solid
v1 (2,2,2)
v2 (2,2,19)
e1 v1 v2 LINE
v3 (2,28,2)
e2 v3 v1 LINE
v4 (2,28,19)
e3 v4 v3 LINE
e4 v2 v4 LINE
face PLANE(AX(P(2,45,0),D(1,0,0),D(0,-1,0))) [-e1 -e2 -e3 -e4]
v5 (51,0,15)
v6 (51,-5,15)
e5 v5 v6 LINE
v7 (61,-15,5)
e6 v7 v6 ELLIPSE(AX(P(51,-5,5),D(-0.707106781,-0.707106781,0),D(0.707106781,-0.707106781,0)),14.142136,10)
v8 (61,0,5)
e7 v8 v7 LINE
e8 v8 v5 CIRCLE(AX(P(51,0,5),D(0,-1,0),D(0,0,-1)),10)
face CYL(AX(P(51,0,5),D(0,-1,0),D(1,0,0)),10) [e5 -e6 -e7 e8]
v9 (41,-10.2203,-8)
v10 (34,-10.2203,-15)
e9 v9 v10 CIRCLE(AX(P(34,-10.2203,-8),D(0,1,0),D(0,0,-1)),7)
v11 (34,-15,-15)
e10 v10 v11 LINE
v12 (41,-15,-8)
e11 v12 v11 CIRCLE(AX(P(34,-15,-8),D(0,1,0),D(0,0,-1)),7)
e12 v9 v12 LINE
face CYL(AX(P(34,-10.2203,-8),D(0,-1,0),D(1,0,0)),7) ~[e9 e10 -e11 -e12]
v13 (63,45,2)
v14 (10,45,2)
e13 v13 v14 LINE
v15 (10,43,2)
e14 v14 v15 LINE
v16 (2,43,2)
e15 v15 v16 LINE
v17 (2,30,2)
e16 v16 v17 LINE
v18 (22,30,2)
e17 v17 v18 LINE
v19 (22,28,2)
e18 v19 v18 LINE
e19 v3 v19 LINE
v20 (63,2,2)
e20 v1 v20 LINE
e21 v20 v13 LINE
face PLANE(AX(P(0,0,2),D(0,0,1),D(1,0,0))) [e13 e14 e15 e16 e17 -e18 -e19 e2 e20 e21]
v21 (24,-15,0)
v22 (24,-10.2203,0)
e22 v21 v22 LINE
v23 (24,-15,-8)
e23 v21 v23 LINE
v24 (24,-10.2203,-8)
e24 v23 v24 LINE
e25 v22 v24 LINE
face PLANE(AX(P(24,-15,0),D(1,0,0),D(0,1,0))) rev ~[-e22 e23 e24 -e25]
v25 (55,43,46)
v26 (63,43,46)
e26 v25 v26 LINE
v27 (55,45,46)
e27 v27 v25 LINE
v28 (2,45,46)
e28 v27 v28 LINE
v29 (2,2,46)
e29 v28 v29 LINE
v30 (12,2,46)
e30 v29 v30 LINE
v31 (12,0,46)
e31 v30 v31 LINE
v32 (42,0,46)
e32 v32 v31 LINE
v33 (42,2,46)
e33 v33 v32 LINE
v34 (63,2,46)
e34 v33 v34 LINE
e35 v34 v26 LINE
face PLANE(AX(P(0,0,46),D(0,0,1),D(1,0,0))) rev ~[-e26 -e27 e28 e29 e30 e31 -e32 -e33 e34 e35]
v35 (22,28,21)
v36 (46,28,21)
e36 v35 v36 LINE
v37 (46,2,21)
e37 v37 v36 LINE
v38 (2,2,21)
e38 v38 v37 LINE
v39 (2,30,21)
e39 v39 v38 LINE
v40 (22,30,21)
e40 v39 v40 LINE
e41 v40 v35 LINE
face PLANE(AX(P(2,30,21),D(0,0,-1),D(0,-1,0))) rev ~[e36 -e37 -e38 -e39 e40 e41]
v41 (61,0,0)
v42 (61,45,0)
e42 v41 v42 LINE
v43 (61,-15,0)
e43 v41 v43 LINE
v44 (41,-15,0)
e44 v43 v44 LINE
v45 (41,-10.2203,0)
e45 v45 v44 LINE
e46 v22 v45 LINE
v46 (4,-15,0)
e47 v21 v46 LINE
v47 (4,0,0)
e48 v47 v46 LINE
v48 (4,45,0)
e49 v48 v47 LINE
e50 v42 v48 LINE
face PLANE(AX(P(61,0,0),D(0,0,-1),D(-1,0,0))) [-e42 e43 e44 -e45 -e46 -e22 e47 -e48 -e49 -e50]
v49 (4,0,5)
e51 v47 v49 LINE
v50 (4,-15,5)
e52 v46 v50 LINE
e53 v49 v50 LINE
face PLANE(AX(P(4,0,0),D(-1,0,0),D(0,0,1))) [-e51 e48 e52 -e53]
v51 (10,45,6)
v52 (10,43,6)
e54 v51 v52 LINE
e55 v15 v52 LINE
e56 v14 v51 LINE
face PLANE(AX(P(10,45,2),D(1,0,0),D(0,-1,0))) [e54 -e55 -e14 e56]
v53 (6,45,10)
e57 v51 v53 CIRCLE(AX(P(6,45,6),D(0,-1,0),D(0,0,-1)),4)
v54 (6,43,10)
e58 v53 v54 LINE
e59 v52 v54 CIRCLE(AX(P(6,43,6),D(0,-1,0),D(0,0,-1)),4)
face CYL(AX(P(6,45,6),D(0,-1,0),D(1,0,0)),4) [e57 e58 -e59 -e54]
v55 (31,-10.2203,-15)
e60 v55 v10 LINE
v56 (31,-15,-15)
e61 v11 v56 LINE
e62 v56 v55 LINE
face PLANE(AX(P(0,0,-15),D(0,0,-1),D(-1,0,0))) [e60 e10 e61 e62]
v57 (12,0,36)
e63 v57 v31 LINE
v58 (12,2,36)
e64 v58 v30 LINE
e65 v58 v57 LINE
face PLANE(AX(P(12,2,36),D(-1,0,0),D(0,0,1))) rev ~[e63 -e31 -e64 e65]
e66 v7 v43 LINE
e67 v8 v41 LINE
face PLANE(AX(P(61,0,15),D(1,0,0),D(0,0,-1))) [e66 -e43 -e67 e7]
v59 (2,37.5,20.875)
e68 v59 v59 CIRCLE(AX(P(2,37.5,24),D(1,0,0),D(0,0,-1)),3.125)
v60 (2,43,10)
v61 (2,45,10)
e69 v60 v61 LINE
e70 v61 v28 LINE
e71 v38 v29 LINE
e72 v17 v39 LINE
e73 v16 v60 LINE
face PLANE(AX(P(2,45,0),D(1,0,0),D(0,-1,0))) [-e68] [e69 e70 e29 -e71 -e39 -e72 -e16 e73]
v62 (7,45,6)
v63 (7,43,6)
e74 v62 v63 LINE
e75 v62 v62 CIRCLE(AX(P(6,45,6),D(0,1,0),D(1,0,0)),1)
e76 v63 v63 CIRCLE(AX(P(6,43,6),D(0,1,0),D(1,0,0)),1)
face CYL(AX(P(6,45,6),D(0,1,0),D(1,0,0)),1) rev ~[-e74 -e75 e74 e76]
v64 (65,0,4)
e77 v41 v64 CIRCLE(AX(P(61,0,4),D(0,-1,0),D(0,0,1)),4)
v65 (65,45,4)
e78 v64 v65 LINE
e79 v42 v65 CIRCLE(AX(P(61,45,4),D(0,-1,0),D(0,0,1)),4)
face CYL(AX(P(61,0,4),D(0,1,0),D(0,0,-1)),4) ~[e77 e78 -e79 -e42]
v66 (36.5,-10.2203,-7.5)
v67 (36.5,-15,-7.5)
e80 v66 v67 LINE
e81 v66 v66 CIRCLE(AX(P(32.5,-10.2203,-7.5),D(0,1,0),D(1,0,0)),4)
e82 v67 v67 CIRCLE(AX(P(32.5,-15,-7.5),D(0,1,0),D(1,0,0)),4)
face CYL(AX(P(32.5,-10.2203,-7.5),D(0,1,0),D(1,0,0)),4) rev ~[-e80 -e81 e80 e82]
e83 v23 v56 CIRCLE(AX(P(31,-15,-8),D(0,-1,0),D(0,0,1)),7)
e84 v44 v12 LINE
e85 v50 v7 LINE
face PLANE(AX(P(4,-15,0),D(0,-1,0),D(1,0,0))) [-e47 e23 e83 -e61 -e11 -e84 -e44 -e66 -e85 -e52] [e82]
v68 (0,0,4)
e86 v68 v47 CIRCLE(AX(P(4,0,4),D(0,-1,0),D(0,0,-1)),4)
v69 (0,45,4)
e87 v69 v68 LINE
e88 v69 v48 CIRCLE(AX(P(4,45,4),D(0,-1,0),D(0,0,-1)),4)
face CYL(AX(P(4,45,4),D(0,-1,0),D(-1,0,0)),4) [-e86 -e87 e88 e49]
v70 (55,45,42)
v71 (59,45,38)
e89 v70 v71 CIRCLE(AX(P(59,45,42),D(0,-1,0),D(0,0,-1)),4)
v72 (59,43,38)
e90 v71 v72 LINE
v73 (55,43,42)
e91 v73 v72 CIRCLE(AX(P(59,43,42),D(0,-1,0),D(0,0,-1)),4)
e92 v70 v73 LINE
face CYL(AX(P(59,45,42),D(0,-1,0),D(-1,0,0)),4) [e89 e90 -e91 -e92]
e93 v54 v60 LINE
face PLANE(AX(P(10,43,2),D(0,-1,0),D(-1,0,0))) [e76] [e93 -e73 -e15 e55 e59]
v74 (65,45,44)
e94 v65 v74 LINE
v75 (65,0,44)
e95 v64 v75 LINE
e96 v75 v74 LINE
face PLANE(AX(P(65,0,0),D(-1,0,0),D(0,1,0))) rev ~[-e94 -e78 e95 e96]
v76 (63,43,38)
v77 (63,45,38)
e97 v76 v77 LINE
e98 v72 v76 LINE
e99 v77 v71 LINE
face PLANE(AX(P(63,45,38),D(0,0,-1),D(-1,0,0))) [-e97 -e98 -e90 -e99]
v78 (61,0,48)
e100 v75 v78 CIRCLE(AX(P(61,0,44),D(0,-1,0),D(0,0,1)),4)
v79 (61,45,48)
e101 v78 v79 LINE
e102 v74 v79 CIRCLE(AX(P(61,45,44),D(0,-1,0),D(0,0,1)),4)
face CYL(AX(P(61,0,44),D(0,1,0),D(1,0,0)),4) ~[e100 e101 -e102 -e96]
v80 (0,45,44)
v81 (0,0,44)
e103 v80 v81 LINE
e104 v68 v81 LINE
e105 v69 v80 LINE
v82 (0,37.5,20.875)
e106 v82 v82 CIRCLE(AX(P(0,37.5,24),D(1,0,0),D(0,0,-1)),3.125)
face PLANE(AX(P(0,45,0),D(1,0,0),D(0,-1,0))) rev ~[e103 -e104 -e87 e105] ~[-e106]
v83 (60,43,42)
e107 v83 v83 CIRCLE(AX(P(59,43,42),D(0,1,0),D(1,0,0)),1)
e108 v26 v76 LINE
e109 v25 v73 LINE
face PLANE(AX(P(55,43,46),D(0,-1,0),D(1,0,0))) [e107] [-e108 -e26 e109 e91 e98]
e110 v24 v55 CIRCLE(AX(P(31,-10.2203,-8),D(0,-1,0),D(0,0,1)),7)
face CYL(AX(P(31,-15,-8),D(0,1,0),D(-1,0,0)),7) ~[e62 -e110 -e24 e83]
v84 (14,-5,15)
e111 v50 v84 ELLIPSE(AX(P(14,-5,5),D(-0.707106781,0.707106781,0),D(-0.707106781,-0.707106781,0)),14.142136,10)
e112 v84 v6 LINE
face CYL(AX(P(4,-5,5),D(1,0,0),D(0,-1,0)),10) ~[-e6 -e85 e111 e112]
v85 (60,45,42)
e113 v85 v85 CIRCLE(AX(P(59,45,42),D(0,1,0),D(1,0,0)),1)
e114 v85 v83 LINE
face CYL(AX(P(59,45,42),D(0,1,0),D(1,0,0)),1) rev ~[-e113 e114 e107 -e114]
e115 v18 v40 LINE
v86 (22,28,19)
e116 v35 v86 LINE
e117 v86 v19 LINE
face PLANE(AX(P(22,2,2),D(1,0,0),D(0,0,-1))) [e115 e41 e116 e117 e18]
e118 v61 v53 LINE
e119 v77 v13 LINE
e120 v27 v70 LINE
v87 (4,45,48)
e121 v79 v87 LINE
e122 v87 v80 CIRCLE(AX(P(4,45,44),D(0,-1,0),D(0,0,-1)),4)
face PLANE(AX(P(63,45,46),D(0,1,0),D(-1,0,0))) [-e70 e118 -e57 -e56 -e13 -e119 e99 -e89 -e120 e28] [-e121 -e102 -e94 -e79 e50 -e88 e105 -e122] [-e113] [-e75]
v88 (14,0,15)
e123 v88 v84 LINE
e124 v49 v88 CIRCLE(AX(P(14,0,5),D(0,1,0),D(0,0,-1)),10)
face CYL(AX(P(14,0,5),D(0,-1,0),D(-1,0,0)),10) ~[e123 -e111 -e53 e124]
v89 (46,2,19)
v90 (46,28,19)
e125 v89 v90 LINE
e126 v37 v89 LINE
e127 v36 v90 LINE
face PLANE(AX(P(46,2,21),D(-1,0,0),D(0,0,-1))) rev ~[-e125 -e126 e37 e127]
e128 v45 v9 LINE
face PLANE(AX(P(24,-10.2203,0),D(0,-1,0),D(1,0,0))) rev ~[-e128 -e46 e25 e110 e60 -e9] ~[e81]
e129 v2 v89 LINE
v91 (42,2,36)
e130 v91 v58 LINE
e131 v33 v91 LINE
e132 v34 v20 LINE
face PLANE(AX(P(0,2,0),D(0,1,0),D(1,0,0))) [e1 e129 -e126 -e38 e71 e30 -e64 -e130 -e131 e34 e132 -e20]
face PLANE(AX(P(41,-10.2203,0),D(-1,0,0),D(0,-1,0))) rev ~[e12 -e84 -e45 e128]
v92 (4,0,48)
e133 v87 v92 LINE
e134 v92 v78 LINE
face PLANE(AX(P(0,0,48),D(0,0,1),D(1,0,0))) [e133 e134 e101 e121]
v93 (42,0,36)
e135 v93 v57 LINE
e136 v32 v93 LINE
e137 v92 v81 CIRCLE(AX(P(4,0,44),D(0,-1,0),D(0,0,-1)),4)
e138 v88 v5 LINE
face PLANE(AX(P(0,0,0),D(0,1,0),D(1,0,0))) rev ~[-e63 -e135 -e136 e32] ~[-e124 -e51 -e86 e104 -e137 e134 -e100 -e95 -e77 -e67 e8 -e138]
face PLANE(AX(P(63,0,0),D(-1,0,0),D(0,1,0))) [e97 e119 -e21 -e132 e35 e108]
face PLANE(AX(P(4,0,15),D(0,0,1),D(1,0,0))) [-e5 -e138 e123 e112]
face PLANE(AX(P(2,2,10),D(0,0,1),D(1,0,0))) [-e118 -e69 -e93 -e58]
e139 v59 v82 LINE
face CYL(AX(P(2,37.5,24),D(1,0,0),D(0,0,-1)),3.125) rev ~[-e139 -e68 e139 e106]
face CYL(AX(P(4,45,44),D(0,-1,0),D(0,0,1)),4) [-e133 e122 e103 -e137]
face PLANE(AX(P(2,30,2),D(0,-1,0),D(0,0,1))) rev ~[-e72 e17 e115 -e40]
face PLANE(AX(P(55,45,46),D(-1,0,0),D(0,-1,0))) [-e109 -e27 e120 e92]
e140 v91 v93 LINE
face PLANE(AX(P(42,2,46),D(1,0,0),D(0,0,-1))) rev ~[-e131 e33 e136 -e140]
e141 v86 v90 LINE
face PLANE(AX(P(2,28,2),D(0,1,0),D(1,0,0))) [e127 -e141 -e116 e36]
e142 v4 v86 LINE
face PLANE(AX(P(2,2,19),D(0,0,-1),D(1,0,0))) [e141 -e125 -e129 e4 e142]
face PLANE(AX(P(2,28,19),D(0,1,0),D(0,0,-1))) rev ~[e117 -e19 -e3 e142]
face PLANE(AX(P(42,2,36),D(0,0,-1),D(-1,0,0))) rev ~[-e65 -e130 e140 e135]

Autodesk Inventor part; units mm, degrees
ref_plane "YZ Plane" through (0, 0, 0) normal (1, 0, 0) x (0, 1, 0)
ref_plane "XZ Plane" through (0, 0, 0) normal (0, 1, 0) x (-1, 0, 0)
ref_plane "XY Plane" through (0, 0, 0) normal (0, 0, 1) x (1, 0, 0)
sketch "Sketch1" plane through (0, 0, 0) normal (0, 0, 1) x (1, 0, 0)
  line L0 (0, 0) -> (65, 0)
  line L1 (65, 0) -> (65, 45)
  line L2 (65, 45) -> (0, 45)
  line L3 (0, 45) -> (0, 0)
  dimension "d3" = 65
  dimension "d4" = 45
extrude "Extrusion1" add sketch "Sketch1" along normal blind 48
shell "Shell1" thickness 2 removed faces 1 at (43.3333, 45, 16)
sketch "Sketch2" plane through (2, 2, 2) normal (0, 1, 0) x (1, 0, 0)
  line L0 (61, -44) -> (0, -44) projected
  line L1 (0, -44) -> (10, -44)
  line L2 (10, -44) -> (40, -44)
  line L3 (40, -44) -> (40, -34)
  line L4 (40, -34) -> (10, -34)
  line L5 (10, -34) -> (10, -44)
  line L6 (61, 0) -> (61, -44) projected
  line L7 (0, -44) -> (0, 0) projected
  point P0 (-2, 2)
  dimension "d9" = 30
  dimension "d10" = 10
  dimension "d11" = 61
  dimension "d27" = 10
extrude "Extrusion2" cut sketch "Sketch2" against normal through all
sketch "Sketch3" plane through (2, 2, 2) normal (0, 1, 0) x (1, 0, 0)
  line L0 (0, 0) -> (0, -44) projected
  line L1 (0, -17) -> (0, 33)
  line L2 (0, -17) -> (44, -17)
  line L3 (44, -17) -> (0, -17)
  line L4 (0, -17) -> (0, -19)
  line L5 (0, -19) -> (44, -19)
  line L6 (44, -19) -> (44, -17)
  point P0 (-2, 2)
  dimension "d16" = 44
  dimension "d17" = 2
extrude "Extrusion3" add sketch "Sketch3" along normal blind 26
fillet "Fillet1" radius 4 1 edges at (0, 22.5, 0)
fillet "Fillet2" radius 4 1 edges at (65, 22.5, 0)
fillet "Fillet3" radius 4 1 edges at (65, 22.5, 48)
fillet "Fillet4" radius 4 1 edges at (0, 22.5, 48)
sketch "Sketch4" plane through (2, 2, 2) normal (1, 0, 0) x (0, 0, -1)
  line L0 (-19, 26) -> (-17, 26) projected
  line L1 (-19, 26) -> (0, 26)
  line L2 (0, 26) -> (0, 28)
  line L3 (0, 28) -> (-19, 28)
  line L4 (-19, 28) -> (-19, 26)
  point P0 (2, -2)
  dimension "d24" = 2
extrude "Extrusion4" add sketch "Sketch4" along normal blind 20
sketch "Sketch8" plane through (2, 2, 2) normal (0, 0, 1) x (1, 0, 0)
  line L0 (0, 43) -> (8, 43)
  line L1 (8, 43) -> (8, 41)
  line L2 (8, 41) -> (0, 41)
  line L3 (0, 41) -> (0, 43)
  point P0 (-2, -2)
  dimension "d28" = 8
  dimension "d29" = 2
extrude "Extrusion5" add sketch "Sketch8" along normal blind 8
sketch "Sketch10" plane through (4, 45, 0) normal (0, 1, 0) x (1, 0, 0)
  line L0 (6, -2) -> (6, -10) projected
  circle A0 centre (2, -6) radius 1
  point P0 (-4, 0)
extrude "Extrusion7" cut sketch "Sketch10" against normal blind 2
fillet "Fillet6" radius 4 1 edges at (10, 44, 10)
sketch "Sketch13" plane through (63, 45, 46) normal (0, 0, -1) x (-1, 0, 0)
  line L0 (0, -43) -> (0, 0) projected
  line L1 (0, 0) -> (8, 0)
  line L2 (8, 0) -> (8, -2)
  line L3 (8, -2) -> (0, -2)
  line L4 (0, -2) -> (0, 0)
  point P0 (63, -45)
  point P1 (0, -2)
  dimension "d51" = 8
  dimension "d52" = 2
extrude "Extrusion10" add sketch "Sketch13" along normal blind 8
sketch "Sketch14" plane through (4, 45, 0) normal (0, 1, 0) x (1, 0, 0)
  circle A0 centre (55, -42) radius 1
  point P0 (-4, 0)
extrude "Extrusion11" cut sketch "Sketch14" against normal blind 2
fillet "Fillet7" radius 4 1 edges at (55, 44, 38)
sketch "Sketch15" plane through (4, 0, 0) normal (0, -1, 0) x (1, 0, 0)
  line L0 (57, 0) -> (0, 0)
  line L1 (0, 0) -> (0, 15)
  line L2 (0, 15) -> (57, 15)
  line L3 (57, 15) -> (57, 0)
extrude "Extrusion12" add sketch "Sketch15" along normal blind 15
fillet "Fillet8" radius 10 3 edges at (4, -7.5, 15) (61, -7.5, 15) (32.5, -15, 15)
sketch "Sketch16" plane through (0, 0, 0) normal (0, 0, -1) x (-1, 0, 0)
  line L0 (-41, -15) -> (-24, -15)
  line L1 (-24, -15) -> (-24, -10.2203)
  line L2 (-24, -10.2203) -> (-41, -10.2203)
  line L3 (-41, -10.2203) -> (-41, -15)
  point P0 (0, 0)
  point P1 (-4, -15)
  point P2 (-61, -15)
extrude "Extrusion13" add sketch "Sketch16" along normal blind 15
fillet "Fillet9" radius 7 2 edges at (41, -12.6102, -15) (24, -12.6102, -15)
sketch "Sketch17" plane through (24, -10.2203, 0) normal (0, 1, 0) x (1, 0, 0)
  line L0 (0, 0) -> (8.5, 0)
  circle A0 centre (8.5, 7.5) radius 4
  point P0 (-24, 0)
extrude "Extrusion14" cut sketch "Sketch17" against normal through all
sketch "Sketch19" plane through (2, 2, 46) normal (1, 0, 0) x (0, 0, -1)
  circle A0 centre (22, 35.5) radius 3.125
  point P0 (46, -2)
  point P1 (44, 28)
  dimension "d78" = 6.25
extrude "Extrusion15" cut sketch "Sketch19" against normal through all
properties part number "Bike_Telemetry"
